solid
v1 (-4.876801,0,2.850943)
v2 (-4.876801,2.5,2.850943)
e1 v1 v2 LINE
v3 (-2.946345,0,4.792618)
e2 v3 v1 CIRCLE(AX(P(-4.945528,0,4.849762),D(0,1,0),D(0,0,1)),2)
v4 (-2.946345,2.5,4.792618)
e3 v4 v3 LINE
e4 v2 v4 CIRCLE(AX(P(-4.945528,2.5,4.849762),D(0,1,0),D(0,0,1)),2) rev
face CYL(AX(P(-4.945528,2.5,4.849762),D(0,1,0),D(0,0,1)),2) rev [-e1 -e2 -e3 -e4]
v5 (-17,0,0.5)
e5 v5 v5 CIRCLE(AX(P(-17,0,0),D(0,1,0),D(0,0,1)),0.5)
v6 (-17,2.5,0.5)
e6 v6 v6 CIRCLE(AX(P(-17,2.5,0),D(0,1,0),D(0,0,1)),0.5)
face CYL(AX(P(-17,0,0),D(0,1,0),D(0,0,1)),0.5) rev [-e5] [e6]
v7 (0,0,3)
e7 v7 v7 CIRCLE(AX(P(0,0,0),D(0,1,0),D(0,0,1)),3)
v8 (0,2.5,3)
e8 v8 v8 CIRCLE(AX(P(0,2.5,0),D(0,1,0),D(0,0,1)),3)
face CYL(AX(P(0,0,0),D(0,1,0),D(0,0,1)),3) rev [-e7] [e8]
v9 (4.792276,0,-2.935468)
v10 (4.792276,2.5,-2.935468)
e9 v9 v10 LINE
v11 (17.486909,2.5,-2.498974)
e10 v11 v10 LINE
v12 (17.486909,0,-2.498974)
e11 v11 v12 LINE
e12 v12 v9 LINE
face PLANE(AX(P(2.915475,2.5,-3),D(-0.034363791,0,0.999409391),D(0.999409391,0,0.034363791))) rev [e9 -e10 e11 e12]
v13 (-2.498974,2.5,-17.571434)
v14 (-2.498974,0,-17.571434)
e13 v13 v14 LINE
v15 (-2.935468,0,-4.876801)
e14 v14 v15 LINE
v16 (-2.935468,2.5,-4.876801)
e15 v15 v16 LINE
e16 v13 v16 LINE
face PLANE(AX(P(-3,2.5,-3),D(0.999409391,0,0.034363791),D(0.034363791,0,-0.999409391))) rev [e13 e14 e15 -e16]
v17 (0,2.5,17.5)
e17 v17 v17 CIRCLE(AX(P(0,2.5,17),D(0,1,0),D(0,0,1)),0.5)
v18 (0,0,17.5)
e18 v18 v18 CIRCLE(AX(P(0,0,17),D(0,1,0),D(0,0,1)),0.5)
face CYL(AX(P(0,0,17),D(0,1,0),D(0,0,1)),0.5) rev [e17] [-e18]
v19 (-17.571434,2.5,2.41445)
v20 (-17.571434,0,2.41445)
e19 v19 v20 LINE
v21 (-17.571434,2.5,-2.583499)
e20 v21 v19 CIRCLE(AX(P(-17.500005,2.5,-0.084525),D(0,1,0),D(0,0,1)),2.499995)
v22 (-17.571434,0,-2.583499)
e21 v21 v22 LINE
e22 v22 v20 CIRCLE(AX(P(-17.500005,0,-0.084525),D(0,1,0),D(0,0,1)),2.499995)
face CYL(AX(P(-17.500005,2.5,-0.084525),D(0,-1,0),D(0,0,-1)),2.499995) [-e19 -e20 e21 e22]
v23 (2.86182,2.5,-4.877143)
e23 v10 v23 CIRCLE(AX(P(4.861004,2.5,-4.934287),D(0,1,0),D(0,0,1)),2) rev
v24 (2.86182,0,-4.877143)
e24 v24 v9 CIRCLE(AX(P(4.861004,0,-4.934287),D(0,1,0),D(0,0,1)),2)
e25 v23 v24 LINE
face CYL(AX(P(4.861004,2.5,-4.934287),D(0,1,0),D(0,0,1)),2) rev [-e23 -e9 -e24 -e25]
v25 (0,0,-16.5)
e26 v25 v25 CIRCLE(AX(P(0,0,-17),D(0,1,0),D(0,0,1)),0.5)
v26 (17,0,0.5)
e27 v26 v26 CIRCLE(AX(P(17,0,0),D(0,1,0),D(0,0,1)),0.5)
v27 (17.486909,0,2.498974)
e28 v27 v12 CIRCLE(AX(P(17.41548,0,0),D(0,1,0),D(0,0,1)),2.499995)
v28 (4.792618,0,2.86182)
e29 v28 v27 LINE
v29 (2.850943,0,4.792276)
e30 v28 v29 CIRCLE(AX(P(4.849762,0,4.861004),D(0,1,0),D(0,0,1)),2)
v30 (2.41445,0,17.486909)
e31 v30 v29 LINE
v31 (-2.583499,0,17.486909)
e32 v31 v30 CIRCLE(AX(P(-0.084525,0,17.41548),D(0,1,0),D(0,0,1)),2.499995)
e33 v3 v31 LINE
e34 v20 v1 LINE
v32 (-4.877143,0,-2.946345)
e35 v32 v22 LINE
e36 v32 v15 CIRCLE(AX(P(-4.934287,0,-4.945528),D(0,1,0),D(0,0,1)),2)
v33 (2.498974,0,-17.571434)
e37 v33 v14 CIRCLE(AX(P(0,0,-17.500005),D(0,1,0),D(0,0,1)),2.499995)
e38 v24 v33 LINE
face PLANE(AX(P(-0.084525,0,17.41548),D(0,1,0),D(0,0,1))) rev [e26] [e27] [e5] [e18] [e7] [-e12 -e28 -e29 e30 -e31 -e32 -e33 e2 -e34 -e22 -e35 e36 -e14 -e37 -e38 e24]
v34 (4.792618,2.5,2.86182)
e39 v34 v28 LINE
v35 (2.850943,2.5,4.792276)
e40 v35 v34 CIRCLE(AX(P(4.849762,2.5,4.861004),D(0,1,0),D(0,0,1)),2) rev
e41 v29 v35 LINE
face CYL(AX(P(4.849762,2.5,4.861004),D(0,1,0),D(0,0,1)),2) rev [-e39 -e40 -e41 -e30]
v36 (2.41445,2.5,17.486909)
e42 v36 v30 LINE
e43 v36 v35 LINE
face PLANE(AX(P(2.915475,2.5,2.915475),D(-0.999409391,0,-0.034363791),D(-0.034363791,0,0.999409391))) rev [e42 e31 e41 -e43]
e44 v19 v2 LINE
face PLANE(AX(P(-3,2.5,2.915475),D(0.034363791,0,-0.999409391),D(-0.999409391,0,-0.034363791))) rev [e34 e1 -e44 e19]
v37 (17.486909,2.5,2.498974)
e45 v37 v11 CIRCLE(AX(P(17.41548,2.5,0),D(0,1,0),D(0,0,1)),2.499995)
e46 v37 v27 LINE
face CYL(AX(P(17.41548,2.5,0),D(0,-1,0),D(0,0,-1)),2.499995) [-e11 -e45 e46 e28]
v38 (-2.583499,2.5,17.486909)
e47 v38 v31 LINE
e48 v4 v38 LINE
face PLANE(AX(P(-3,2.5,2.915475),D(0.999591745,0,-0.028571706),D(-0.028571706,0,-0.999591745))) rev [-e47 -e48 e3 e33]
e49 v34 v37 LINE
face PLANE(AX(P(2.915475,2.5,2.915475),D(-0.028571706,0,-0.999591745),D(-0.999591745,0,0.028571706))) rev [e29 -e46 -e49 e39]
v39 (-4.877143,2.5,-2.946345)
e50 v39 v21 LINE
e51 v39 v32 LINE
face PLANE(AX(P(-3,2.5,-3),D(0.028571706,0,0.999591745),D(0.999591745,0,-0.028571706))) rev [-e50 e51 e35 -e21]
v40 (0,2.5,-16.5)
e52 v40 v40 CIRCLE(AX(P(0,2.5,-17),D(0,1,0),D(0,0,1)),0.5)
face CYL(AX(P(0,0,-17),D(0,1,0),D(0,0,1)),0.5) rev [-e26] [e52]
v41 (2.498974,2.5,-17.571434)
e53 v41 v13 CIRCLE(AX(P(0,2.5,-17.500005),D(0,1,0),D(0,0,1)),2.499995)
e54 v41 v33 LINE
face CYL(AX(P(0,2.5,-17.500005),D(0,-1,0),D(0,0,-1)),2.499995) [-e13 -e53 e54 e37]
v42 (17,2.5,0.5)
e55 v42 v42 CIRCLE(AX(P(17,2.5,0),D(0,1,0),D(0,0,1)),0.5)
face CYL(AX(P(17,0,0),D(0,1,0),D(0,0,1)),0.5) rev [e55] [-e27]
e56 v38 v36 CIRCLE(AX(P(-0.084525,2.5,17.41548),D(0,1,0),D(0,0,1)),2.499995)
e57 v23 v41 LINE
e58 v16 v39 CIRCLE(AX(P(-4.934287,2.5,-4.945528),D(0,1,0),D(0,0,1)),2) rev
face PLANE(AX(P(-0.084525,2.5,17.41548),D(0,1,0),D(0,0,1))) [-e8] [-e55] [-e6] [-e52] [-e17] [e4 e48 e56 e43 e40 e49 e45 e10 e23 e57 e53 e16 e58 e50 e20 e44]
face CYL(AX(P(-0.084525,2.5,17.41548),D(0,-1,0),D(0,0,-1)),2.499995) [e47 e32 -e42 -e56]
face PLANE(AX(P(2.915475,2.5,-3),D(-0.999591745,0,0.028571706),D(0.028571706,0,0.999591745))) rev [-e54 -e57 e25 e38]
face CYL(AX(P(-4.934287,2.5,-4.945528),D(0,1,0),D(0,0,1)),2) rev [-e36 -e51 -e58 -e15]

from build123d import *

# Parameters (mm, degrees)
BOSS_EXTRUDE1_DEPTH = 2.5
FILLET1_R           = 2
SKETCH3_R           = 0.5
SKETCH3_R_2         = 3
CUT_EXTRUDE1_DEPTH  = 2.5


with BuildPart() as part:
    # Sketch1 → Boss-Extrude1 (new body)
    with BuildSketch(Plane(origin=(0, 0, 0), x_dir=(1, 0, 0), z_dir=(0, 1, 0))):
        with BuildLine():
            Line((2.915475138, 3), (2.498974366, 17.571434122))
            ThreePointArc((2.498974366, 17.571434122), (0, 20), (-2.498974366, 17.571434122))
            Line((-2.498974366, 17.571434122), (-3, 3))
            Line((-3, 3), (-17.571434122, 2.583499228))
            ThreePointArc((-17.571434122, 2.583499228), (-20, 0.084524862), (-17.571434122, -2.414449503))
            Line((-17.571434122, -2.414449503), (-3, -2.915475138))
            Line((-3, -2.915475138), (-2.583499228, -17.48690926))
            ThreePointArc((-2.583499228, -17.48690926), (-0.084524862, -19.915475138), (2.414449503, -17.48690926))
            Line((2.414449503, -17.48690926), (2.915475138, -2.915475138))
            Line((2.915475138, -2.915475138), (17.48690926, -2.498974366))
            ThreePointArc((17.48690926, -2.498974366), (19.915475138, 0), (17.48690926, 2.498974366))
            Line((17.48690926, 2.498974366), (2.915475138, 3))
        make_face()
    extrude(amount=BOSS_EXTRUDE1_DEPTH)

    # Fillet1
    fillet1_edges = [part.edges().sort_by_distance(p)[0] for p in [
        (-3, 1.25, 2.915475138),
        (-3, 1.25, -3),
        (2.915475138, 1.25, -3),
        (2.915475138, 1.25, 2.915475138),
    ]]
    fillet(fillet1_edges, radius=FILLET1_R)

    # Sketch3 → Cut-Extrude1 (cut)
    with BuildSketch(Plane(origin=(0, 2.5, 0), x_dir=(1, 0, 0), z_dir=(0, 1, 0))):
        with Locations(Location((0, 17, 0), (0, 0, 270))):
            Circle(SKETCH3_R)
        with Locations(Location((17, 0, 0), (0, 0, 270))):
            Circle(SKETCH3_R)
        with Locations(Location((0, -17, 0), (0, 0, 270))):
            Circle(SKETCH3_R)
        with Locations(Location((-17, 0, 0), (0, 0, 270))):
            Circle(SKETCH3_R)
        with Locations(Location((0, 0, 0), (0, 0, 270))):
            Circle(SKETCH3_R_2)
    extrude(amount=-CUT_EXTRUDE1_DEPTH, mode=Mode.SUBTRACT)


solid = part.part
